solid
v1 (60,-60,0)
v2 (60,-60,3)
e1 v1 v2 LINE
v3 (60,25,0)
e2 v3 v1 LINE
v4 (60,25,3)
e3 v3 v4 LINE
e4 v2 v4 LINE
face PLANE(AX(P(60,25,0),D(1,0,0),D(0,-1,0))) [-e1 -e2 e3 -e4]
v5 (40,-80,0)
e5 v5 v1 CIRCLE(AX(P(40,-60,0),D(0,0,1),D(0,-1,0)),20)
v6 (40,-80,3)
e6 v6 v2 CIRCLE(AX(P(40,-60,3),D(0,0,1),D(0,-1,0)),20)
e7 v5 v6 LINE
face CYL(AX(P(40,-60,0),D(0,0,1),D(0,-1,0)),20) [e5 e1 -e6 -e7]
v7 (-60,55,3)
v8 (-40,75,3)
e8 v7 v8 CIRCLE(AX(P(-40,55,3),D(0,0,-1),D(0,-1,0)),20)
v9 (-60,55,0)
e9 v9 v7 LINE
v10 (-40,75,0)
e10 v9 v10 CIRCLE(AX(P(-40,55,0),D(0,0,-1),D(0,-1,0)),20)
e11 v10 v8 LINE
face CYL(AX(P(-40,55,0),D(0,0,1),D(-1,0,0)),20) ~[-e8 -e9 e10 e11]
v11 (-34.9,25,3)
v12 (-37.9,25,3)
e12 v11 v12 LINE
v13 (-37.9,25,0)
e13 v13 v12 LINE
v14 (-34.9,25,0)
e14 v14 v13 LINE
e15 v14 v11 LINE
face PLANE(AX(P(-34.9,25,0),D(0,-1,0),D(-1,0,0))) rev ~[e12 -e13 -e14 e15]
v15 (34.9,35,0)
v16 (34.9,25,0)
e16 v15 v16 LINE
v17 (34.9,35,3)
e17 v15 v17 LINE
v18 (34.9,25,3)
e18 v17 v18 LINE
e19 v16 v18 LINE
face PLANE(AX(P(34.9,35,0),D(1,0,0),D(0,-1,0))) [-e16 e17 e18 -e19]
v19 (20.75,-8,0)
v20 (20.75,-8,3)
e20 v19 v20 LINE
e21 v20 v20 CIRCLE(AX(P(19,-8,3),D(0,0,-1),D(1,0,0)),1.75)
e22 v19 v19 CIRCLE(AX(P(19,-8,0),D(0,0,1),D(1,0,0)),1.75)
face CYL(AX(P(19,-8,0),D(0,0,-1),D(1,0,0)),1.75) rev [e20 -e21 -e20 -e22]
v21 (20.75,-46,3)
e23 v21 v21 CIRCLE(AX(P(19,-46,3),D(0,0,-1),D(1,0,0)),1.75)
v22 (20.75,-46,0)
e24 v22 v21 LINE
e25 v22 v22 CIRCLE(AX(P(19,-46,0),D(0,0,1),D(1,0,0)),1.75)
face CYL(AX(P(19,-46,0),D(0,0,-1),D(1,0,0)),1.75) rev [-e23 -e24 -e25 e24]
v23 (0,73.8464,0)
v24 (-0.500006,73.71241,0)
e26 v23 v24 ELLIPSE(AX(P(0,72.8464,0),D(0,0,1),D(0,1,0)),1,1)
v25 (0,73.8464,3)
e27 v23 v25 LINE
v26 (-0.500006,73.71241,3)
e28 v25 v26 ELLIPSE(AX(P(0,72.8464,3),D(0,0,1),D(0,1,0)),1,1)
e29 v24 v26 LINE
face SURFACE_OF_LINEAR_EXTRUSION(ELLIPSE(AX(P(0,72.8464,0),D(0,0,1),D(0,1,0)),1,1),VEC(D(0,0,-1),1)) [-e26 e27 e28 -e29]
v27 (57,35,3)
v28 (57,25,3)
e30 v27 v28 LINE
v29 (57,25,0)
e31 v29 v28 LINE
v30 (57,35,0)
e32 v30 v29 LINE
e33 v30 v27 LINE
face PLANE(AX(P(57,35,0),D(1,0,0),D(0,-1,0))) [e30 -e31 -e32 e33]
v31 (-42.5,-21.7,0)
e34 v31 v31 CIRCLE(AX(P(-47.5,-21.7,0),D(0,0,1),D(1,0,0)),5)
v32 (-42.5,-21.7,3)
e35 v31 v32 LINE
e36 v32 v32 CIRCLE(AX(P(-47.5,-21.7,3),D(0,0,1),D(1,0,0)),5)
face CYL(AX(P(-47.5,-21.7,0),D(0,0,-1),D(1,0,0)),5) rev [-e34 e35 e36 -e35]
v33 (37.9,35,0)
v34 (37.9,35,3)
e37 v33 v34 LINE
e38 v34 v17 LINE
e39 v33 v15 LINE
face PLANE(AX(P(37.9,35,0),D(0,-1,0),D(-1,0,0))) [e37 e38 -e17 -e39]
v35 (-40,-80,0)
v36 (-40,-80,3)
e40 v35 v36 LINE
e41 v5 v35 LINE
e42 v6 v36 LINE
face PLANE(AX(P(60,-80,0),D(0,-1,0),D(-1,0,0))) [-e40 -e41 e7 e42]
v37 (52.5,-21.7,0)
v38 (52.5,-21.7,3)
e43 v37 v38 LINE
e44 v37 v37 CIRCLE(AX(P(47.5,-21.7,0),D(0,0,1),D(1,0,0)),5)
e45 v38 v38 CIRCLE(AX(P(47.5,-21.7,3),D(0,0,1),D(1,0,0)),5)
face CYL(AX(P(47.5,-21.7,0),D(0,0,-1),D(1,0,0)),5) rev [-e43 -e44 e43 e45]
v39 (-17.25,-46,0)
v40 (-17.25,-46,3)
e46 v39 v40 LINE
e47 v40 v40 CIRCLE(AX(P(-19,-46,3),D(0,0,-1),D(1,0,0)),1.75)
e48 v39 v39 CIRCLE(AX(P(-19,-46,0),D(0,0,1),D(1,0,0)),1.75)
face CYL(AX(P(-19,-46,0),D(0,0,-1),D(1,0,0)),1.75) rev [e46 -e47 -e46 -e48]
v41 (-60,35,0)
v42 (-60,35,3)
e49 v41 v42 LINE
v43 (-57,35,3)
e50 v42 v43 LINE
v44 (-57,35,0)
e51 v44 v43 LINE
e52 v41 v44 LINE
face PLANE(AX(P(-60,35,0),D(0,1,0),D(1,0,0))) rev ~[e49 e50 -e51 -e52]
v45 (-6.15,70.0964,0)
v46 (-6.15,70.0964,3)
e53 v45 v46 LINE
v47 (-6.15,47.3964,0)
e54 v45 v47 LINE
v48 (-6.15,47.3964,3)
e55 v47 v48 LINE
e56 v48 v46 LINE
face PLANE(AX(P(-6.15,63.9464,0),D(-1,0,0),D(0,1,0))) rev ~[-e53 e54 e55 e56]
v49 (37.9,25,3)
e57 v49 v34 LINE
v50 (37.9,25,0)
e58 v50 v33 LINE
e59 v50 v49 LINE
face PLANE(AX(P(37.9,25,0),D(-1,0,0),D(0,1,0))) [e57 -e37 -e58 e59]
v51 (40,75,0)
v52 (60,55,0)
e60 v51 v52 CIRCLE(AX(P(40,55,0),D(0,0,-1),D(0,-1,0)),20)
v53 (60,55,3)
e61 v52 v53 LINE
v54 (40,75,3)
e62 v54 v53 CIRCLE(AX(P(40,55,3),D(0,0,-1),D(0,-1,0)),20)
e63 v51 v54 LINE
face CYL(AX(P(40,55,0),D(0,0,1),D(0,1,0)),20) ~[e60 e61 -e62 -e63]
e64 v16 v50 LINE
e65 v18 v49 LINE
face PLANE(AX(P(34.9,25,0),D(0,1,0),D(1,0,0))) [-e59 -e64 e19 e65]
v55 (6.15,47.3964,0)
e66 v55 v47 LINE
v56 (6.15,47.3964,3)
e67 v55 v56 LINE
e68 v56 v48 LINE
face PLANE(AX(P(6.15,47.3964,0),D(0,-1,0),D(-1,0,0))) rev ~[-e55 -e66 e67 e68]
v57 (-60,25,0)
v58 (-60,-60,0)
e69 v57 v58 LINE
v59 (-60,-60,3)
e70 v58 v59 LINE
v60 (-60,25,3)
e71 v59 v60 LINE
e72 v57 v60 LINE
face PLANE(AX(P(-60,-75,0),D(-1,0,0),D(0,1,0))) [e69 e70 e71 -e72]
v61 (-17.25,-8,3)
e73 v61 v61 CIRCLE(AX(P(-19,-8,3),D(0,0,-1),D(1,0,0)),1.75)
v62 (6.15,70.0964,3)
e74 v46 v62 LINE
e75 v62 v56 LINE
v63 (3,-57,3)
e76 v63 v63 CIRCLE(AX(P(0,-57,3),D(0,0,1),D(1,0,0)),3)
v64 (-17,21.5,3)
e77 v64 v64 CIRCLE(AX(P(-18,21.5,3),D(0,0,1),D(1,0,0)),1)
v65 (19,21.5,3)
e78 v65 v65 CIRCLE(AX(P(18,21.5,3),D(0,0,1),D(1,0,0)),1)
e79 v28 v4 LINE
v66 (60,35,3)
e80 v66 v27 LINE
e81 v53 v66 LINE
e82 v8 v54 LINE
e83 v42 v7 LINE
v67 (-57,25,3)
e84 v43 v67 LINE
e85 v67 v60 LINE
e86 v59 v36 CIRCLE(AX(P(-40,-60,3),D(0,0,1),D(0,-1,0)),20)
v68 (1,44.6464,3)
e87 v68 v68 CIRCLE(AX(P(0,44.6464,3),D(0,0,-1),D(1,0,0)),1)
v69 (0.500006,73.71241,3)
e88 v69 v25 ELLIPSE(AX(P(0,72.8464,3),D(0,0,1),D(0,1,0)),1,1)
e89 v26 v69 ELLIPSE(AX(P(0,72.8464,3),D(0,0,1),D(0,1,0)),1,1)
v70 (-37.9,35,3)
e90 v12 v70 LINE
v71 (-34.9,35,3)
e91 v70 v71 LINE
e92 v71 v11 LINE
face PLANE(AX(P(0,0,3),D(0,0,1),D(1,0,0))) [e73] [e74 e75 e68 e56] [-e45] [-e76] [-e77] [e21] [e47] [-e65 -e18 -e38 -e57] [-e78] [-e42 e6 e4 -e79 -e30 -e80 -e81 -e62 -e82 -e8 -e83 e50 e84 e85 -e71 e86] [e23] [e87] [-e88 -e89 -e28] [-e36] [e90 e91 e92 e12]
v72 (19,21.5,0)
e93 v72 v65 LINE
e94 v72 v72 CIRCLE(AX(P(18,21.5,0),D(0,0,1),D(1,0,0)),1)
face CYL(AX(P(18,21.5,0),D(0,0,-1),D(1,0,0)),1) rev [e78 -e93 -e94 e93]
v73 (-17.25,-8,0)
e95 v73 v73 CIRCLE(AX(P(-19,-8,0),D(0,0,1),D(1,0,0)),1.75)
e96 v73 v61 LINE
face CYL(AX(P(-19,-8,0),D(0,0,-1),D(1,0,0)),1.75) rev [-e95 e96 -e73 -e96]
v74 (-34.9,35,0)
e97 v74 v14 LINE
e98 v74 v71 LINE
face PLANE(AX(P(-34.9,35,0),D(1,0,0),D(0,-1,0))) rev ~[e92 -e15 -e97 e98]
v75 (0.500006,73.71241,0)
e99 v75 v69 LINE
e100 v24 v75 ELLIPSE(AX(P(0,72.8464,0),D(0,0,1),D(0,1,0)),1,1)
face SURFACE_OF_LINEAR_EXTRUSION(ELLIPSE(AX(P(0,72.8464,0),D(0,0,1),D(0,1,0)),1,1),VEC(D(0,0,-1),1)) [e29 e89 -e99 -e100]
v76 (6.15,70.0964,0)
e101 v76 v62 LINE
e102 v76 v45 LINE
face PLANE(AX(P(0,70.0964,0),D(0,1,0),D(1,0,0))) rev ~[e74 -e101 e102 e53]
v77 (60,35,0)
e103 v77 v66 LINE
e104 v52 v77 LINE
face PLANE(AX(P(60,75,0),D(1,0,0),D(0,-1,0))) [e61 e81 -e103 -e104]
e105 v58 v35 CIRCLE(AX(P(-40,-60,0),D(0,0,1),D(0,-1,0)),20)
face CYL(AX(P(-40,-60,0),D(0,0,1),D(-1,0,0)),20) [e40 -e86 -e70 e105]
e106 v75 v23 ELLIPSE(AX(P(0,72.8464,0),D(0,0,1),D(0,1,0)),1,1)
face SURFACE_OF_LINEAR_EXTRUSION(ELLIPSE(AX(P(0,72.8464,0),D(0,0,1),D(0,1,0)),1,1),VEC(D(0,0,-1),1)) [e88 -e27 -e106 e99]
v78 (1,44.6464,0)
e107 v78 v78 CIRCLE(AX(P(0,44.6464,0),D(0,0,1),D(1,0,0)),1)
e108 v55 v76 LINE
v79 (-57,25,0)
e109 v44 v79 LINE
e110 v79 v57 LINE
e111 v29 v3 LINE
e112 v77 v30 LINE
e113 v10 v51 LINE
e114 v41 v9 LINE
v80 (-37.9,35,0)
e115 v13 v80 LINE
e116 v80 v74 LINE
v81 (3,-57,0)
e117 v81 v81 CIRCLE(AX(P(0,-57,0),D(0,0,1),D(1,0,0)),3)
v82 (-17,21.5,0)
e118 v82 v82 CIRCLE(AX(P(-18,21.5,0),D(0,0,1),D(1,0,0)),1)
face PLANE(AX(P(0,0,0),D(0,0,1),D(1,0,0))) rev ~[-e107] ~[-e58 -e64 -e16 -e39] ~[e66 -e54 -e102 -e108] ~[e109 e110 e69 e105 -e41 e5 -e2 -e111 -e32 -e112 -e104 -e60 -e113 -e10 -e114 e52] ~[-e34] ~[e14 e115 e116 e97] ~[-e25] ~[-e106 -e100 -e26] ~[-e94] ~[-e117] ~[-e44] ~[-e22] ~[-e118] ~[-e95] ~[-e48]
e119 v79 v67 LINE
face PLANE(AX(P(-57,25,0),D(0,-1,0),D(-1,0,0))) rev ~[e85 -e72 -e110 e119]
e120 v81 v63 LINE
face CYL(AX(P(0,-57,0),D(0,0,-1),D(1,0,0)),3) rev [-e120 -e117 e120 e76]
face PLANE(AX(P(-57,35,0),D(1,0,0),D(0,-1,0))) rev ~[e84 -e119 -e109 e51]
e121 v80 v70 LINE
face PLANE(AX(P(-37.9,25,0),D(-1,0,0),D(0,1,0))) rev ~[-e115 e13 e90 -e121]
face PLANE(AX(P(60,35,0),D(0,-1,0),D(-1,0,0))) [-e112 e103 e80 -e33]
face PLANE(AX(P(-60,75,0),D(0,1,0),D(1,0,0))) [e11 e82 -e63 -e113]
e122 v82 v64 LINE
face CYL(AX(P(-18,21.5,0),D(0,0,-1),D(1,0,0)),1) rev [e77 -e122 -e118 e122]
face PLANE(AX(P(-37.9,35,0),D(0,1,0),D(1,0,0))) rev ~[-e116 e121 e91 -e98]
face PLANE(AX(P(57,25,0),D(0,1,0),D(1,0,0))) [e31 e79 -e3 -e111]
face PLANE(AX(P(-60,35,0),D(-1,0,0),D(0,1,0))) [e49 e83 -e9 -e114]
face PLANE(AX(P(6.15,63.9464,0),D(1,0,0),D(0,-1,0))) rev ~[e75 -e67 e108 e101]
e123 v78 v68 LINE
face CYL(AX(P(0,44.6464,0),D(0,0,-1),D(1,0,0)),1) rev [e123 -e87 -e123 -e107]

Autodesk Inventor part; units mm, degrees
ref_plane "YZ Plane" through (0, 0, 0) normal (1, 0, 0) x (0, 1, 0)
ref_plane "XZ Plane" through (0, 0, 0) normal (0, 1, 0) x (-1, 0, 0)
ref_plane "XY Plane" through (0, 0, 0) normal (0, 0, 1) x (1, 0, 0)
sketch "Sketch1" plane through (0, 0, 0) normal (0, 0, 1) x (1, 0, 0)
  line L0 (-60, -75) -> (-60, 75)
  line L1 (-60, 75) -> (60, 75)
  line L2 (60, 75) -> (60, -75)
  ellipse E0 centre (0, 72.8464) end of major axis (0, 73.8464) minor radius 1
  line L3 (-6.15, 70.0964) -> (6.15, 70.0964)
  line L4 (6.15, 70.0964) -> (6.15, 47.3964)
  line L5 (6.15, 47.3964) -> (-6.15, 47.3964)
  line L6 (-6.15, 47.3964) -> (-6.15, 70.0964)
  circle A0 centre (0, 44.6464) radius 1
  line L7 (60, 35) -> (57, 35)
  line L8 (57, 35) -> (57, 25)
  line L9 (57, 25) -> (60, 25)
  line L10 (60, 25) -> (60, 35)
  line L11 (37.9, 35) -> (34.9, 35)
  line L12 (34.9, 35) -> (34.9, 25)
  line L13 (34.9, 25) -> (37.9, 25)
  line L14 (37.9, 25) -> (37.9, 35)
  line L15 (-60, 35) -> (-57, 35)
  line L16 (-57, 35) -> (-57, 25)
  line L17 (-57, 25) -> (-60, 25)
  line L18 (-60, 25) -> (-60, 35)
  line L19 (-37.9, 35) -> (-34.9, 35)
  line L20 (-34.9, 35) -> (-34.9, 25)
  line L21 (-34.9, 25) -> (-37.9, 25)
  line L22 (-37.9, 25) -> (-37.9, 35)
  line L23 (-0.5, 73.7124) -> (-0.5, 74.9964)
  line L24 (-0.5, 74.9964) -> (-6.15, 74.9964)
  line L25 (-6.15, 70.0964) -> (-6.15, 74.9964)
  line L26 (6.15, 70.0964) -> (-6.15, 70.0964)
  line L27 (6.15, 70.0964) -> (6.15, 74.9964)
  line L28 (6.15, 74.9964) -> (0.5, 74.9964)
  line L29 (0.5, 74.9964) -> (0.5, 73.7124)
  ellipse E1 centre (0, 72.8464) end of major axis (0, 71.8464) minor radius 1 (-0.5, 73.7124) -> (0.5, 73.7124) ccw
  line L30 (-0.5, 42.4964) -> (-0.5, 43.7803)
  ellipse E2 centre (0, 44.6464) end of major axis (0, 43.6464) minor radius 1 (0.5, 43.7803) -> (-0.5, 43.7803) ccw
  line L31 (0.5, 43.7803) -> (0.5, 42.4964)
  line L32 (6.15, 42.4964) -> (0.5, 42.4964)
  line L33 (6.15, 47.3964) -> (6.15, 42.4964)
  line L34 (-6.15, 47.3964) -> (6.15, 47.3964)
  line L35 (-6.15, 47.3964) -> (-6.15, 42.4964)
  line L36 (-0.5, 42.4964) -> (-6.15, 42.4964)
  line L37 (-6.15, 63.9464) -> (-6.15, 47.3964)
  line L38 (-6.15, 47.3964) -> (6.15, 47.3964)
  line L39 (6.15, 47.3964) -> (6.15, 63.9464)
  line L40 (6.15, 63.9464) -> (6.15, 70.0964)
  line L41 (6.15, 70.0964) -> (0, 70.0964)
  line L42 (0, 70.0964) -> (-6.15, 70.0964)
  line L43 (-6.15, 70.0964) -> (-6.15, 63.9464)
  line L44 (24.5, 3) -> (-24.5, 3)
  line L45 (-24.5, 3) -> (-24.5, 40)
  line L46 (-24.5, 40) -> (24.5, 40)
  line L47 (24.5, 40) -> (24.5, 3)
  circle A1 centre (-18, 21.5) radius 1
  circle A2 centre (18, 21.5) radius 1
  line L48 (19, -46) -> (-19, -46)
  line L49 (-19, -46) -> (-19, -8)
  line L50 (-19, -8) -> (19, -8)
  line L51 (19, -8) -> (19, -46)
  line L52 (19, -46) -> (-19, -8) construction
  line L53 (-19, -46) -> (19, -8) construction
  line L54 (22, -49) -> (-22, -49)
  line L55 (-22, -49) -> (-22, -5)
  line L56 (-22, -5) -> (22, -5)
  line L57 (22, -5) -> (22, -49)
  line L58 (22, -49) -> (-22, -5) construction
  line L59 (-22, -49) -> (22, -5) construction
  line L60 (-22, -5) -> (22, -5)
  line L61 (22, -5) -> (22, -2)
  line L62 (22, -2) -> (-22, -2)
  line L63 (-22, -2) -> (-22, -5)
  circle A3 centre (-19, -8) radius 1.75
  circle A4 centre (19, -8) radius 1.75
  circle A5 centre (-19, -46) radius 1.75
  circle A6 centre (19, -46) radius 1.75
  line L64 (-57, 65) -> (-38, 65)
  line L65 (-38, 65) -> (-38, 0.5)
  line L66 (-38, 0.5) -> (-57, 0.5)
  line L67 (-57, 0.5) -> (-57, 65)
  circle A7 centre (-47.5, -21.7) radius 5
  circle A8 centre (47.5, -21.7) radius 5
  circle A9 centre (0, -57) radius 3
  line L68 (60, -61) -> (60, -80)
  line L69 (60, -80) -> (-60, -80)
  line L70 (-60, -80) -> (-60, -62.9398)
  point P0 (0, 0)
  point P1 (-6.15, 70.0964)
  point P2 (0, -27)
  point P3 (0, -27)
  dimension "d114" = 1
  dimension "d115" = 1
  dimension "d116" = 1
  dimension "d117" = 1
  dimension "d118" = 1
  dimension "d0" = 120
  dimension "d1" = 150
  dimension "d2" = 3
  dimension "d3" = 10
  dimension "d4" = 40
  dimension "d5" = 3
  dimension "d6" = 19.1
  dimension "d7" = 3
  dimension "d8" = 10
  dimension "d9" = 3
  dimension "d10" = 19.1
  dimension "d94" = 49
  dimension "d95" = 37
  dimension "d96" = 32.5036
  dimension "d98" = 35
  dimension "d99" = 2
  dimension "d100" = 2
  dimension "d101" = 36
  dimension "d102" = 6.5
  dimension "d103" = 6.5
  dimension "d104" = 18.5
  dimension "d105" = 18.5
  dimension "d113" = 72
  dimension "d119" = 90
  dimension "d120" = 90
  dimension "d121" = 90
  dimension "d122" = 90
  dimension "d123" = 90
  dimension "d124" = 90
  dimension "d125" = 90
  dimension "d126" = 90
  dimension "d127" = 90
  dimension "d128" = 90
  dimension "d129" = 35.5
  dimension "d130" = 53.85
  dimension "d131" = 53.85
  dimension "d132" = 59.5
  dimension "d133" = 59.5
  dimension "d134" = 60.5
  dimension "d135" = 66.15
  dimension "d136" = 66.15
  dimension "d137" = 94.9
  dimension "d138" = 0
  dimension "d139" = 10
  dimension "d140" = 39.9964
  dimension "d141" = 35.0964
  dimension "d142" = 12.3964
  dimension "d143" = 35.0964
  dimension "d145" = 39.9964
  dimension "d146" = 7.4964
  dimension "d147" = 12.3964
  dimension "d148" = 0
  dimension "d149" = 60
  dimension "d150" = 35
  dimension "d151" = 70.0964
  dimension "d152" = 6.15
  dimension "d153" = 6.15
  dimension "d154" = 6.15
  dimension "d155" = 0.5
  dimension "d156" = 70.0964
  dimension "d157" = 6.15
  dimension "d158" = 47.3964
  dimension "d159" = 6.15
  dimension "d160" = 6.15
extrude "Extrusion1" add sketch "Sketch1" along normal blind 3 contours L0 L17 L67 L66 L65 L64 L15 L1 L2 L7 L8 L9 L68 L69 L70 | L16 L67 L64 L65 L66 | E0 L29 L28 L27 L3 L25 L24 L23 | L5 L33 L32 L31 A0 L30 L36 L35 | L44 L45 L46 L47 | A5 L49 A3 L50 A4 L51 A6 L48 | L54 L55 L56 L57 | L56 L63 L62 L61
fillet "Fillet1" radius 20 4 edges at (-60, 75, 1.5) (60, 75, 1.5) (-60, -80, 1.5) (60, -80, 1.5)
properties part number "Base SD Serayu"
